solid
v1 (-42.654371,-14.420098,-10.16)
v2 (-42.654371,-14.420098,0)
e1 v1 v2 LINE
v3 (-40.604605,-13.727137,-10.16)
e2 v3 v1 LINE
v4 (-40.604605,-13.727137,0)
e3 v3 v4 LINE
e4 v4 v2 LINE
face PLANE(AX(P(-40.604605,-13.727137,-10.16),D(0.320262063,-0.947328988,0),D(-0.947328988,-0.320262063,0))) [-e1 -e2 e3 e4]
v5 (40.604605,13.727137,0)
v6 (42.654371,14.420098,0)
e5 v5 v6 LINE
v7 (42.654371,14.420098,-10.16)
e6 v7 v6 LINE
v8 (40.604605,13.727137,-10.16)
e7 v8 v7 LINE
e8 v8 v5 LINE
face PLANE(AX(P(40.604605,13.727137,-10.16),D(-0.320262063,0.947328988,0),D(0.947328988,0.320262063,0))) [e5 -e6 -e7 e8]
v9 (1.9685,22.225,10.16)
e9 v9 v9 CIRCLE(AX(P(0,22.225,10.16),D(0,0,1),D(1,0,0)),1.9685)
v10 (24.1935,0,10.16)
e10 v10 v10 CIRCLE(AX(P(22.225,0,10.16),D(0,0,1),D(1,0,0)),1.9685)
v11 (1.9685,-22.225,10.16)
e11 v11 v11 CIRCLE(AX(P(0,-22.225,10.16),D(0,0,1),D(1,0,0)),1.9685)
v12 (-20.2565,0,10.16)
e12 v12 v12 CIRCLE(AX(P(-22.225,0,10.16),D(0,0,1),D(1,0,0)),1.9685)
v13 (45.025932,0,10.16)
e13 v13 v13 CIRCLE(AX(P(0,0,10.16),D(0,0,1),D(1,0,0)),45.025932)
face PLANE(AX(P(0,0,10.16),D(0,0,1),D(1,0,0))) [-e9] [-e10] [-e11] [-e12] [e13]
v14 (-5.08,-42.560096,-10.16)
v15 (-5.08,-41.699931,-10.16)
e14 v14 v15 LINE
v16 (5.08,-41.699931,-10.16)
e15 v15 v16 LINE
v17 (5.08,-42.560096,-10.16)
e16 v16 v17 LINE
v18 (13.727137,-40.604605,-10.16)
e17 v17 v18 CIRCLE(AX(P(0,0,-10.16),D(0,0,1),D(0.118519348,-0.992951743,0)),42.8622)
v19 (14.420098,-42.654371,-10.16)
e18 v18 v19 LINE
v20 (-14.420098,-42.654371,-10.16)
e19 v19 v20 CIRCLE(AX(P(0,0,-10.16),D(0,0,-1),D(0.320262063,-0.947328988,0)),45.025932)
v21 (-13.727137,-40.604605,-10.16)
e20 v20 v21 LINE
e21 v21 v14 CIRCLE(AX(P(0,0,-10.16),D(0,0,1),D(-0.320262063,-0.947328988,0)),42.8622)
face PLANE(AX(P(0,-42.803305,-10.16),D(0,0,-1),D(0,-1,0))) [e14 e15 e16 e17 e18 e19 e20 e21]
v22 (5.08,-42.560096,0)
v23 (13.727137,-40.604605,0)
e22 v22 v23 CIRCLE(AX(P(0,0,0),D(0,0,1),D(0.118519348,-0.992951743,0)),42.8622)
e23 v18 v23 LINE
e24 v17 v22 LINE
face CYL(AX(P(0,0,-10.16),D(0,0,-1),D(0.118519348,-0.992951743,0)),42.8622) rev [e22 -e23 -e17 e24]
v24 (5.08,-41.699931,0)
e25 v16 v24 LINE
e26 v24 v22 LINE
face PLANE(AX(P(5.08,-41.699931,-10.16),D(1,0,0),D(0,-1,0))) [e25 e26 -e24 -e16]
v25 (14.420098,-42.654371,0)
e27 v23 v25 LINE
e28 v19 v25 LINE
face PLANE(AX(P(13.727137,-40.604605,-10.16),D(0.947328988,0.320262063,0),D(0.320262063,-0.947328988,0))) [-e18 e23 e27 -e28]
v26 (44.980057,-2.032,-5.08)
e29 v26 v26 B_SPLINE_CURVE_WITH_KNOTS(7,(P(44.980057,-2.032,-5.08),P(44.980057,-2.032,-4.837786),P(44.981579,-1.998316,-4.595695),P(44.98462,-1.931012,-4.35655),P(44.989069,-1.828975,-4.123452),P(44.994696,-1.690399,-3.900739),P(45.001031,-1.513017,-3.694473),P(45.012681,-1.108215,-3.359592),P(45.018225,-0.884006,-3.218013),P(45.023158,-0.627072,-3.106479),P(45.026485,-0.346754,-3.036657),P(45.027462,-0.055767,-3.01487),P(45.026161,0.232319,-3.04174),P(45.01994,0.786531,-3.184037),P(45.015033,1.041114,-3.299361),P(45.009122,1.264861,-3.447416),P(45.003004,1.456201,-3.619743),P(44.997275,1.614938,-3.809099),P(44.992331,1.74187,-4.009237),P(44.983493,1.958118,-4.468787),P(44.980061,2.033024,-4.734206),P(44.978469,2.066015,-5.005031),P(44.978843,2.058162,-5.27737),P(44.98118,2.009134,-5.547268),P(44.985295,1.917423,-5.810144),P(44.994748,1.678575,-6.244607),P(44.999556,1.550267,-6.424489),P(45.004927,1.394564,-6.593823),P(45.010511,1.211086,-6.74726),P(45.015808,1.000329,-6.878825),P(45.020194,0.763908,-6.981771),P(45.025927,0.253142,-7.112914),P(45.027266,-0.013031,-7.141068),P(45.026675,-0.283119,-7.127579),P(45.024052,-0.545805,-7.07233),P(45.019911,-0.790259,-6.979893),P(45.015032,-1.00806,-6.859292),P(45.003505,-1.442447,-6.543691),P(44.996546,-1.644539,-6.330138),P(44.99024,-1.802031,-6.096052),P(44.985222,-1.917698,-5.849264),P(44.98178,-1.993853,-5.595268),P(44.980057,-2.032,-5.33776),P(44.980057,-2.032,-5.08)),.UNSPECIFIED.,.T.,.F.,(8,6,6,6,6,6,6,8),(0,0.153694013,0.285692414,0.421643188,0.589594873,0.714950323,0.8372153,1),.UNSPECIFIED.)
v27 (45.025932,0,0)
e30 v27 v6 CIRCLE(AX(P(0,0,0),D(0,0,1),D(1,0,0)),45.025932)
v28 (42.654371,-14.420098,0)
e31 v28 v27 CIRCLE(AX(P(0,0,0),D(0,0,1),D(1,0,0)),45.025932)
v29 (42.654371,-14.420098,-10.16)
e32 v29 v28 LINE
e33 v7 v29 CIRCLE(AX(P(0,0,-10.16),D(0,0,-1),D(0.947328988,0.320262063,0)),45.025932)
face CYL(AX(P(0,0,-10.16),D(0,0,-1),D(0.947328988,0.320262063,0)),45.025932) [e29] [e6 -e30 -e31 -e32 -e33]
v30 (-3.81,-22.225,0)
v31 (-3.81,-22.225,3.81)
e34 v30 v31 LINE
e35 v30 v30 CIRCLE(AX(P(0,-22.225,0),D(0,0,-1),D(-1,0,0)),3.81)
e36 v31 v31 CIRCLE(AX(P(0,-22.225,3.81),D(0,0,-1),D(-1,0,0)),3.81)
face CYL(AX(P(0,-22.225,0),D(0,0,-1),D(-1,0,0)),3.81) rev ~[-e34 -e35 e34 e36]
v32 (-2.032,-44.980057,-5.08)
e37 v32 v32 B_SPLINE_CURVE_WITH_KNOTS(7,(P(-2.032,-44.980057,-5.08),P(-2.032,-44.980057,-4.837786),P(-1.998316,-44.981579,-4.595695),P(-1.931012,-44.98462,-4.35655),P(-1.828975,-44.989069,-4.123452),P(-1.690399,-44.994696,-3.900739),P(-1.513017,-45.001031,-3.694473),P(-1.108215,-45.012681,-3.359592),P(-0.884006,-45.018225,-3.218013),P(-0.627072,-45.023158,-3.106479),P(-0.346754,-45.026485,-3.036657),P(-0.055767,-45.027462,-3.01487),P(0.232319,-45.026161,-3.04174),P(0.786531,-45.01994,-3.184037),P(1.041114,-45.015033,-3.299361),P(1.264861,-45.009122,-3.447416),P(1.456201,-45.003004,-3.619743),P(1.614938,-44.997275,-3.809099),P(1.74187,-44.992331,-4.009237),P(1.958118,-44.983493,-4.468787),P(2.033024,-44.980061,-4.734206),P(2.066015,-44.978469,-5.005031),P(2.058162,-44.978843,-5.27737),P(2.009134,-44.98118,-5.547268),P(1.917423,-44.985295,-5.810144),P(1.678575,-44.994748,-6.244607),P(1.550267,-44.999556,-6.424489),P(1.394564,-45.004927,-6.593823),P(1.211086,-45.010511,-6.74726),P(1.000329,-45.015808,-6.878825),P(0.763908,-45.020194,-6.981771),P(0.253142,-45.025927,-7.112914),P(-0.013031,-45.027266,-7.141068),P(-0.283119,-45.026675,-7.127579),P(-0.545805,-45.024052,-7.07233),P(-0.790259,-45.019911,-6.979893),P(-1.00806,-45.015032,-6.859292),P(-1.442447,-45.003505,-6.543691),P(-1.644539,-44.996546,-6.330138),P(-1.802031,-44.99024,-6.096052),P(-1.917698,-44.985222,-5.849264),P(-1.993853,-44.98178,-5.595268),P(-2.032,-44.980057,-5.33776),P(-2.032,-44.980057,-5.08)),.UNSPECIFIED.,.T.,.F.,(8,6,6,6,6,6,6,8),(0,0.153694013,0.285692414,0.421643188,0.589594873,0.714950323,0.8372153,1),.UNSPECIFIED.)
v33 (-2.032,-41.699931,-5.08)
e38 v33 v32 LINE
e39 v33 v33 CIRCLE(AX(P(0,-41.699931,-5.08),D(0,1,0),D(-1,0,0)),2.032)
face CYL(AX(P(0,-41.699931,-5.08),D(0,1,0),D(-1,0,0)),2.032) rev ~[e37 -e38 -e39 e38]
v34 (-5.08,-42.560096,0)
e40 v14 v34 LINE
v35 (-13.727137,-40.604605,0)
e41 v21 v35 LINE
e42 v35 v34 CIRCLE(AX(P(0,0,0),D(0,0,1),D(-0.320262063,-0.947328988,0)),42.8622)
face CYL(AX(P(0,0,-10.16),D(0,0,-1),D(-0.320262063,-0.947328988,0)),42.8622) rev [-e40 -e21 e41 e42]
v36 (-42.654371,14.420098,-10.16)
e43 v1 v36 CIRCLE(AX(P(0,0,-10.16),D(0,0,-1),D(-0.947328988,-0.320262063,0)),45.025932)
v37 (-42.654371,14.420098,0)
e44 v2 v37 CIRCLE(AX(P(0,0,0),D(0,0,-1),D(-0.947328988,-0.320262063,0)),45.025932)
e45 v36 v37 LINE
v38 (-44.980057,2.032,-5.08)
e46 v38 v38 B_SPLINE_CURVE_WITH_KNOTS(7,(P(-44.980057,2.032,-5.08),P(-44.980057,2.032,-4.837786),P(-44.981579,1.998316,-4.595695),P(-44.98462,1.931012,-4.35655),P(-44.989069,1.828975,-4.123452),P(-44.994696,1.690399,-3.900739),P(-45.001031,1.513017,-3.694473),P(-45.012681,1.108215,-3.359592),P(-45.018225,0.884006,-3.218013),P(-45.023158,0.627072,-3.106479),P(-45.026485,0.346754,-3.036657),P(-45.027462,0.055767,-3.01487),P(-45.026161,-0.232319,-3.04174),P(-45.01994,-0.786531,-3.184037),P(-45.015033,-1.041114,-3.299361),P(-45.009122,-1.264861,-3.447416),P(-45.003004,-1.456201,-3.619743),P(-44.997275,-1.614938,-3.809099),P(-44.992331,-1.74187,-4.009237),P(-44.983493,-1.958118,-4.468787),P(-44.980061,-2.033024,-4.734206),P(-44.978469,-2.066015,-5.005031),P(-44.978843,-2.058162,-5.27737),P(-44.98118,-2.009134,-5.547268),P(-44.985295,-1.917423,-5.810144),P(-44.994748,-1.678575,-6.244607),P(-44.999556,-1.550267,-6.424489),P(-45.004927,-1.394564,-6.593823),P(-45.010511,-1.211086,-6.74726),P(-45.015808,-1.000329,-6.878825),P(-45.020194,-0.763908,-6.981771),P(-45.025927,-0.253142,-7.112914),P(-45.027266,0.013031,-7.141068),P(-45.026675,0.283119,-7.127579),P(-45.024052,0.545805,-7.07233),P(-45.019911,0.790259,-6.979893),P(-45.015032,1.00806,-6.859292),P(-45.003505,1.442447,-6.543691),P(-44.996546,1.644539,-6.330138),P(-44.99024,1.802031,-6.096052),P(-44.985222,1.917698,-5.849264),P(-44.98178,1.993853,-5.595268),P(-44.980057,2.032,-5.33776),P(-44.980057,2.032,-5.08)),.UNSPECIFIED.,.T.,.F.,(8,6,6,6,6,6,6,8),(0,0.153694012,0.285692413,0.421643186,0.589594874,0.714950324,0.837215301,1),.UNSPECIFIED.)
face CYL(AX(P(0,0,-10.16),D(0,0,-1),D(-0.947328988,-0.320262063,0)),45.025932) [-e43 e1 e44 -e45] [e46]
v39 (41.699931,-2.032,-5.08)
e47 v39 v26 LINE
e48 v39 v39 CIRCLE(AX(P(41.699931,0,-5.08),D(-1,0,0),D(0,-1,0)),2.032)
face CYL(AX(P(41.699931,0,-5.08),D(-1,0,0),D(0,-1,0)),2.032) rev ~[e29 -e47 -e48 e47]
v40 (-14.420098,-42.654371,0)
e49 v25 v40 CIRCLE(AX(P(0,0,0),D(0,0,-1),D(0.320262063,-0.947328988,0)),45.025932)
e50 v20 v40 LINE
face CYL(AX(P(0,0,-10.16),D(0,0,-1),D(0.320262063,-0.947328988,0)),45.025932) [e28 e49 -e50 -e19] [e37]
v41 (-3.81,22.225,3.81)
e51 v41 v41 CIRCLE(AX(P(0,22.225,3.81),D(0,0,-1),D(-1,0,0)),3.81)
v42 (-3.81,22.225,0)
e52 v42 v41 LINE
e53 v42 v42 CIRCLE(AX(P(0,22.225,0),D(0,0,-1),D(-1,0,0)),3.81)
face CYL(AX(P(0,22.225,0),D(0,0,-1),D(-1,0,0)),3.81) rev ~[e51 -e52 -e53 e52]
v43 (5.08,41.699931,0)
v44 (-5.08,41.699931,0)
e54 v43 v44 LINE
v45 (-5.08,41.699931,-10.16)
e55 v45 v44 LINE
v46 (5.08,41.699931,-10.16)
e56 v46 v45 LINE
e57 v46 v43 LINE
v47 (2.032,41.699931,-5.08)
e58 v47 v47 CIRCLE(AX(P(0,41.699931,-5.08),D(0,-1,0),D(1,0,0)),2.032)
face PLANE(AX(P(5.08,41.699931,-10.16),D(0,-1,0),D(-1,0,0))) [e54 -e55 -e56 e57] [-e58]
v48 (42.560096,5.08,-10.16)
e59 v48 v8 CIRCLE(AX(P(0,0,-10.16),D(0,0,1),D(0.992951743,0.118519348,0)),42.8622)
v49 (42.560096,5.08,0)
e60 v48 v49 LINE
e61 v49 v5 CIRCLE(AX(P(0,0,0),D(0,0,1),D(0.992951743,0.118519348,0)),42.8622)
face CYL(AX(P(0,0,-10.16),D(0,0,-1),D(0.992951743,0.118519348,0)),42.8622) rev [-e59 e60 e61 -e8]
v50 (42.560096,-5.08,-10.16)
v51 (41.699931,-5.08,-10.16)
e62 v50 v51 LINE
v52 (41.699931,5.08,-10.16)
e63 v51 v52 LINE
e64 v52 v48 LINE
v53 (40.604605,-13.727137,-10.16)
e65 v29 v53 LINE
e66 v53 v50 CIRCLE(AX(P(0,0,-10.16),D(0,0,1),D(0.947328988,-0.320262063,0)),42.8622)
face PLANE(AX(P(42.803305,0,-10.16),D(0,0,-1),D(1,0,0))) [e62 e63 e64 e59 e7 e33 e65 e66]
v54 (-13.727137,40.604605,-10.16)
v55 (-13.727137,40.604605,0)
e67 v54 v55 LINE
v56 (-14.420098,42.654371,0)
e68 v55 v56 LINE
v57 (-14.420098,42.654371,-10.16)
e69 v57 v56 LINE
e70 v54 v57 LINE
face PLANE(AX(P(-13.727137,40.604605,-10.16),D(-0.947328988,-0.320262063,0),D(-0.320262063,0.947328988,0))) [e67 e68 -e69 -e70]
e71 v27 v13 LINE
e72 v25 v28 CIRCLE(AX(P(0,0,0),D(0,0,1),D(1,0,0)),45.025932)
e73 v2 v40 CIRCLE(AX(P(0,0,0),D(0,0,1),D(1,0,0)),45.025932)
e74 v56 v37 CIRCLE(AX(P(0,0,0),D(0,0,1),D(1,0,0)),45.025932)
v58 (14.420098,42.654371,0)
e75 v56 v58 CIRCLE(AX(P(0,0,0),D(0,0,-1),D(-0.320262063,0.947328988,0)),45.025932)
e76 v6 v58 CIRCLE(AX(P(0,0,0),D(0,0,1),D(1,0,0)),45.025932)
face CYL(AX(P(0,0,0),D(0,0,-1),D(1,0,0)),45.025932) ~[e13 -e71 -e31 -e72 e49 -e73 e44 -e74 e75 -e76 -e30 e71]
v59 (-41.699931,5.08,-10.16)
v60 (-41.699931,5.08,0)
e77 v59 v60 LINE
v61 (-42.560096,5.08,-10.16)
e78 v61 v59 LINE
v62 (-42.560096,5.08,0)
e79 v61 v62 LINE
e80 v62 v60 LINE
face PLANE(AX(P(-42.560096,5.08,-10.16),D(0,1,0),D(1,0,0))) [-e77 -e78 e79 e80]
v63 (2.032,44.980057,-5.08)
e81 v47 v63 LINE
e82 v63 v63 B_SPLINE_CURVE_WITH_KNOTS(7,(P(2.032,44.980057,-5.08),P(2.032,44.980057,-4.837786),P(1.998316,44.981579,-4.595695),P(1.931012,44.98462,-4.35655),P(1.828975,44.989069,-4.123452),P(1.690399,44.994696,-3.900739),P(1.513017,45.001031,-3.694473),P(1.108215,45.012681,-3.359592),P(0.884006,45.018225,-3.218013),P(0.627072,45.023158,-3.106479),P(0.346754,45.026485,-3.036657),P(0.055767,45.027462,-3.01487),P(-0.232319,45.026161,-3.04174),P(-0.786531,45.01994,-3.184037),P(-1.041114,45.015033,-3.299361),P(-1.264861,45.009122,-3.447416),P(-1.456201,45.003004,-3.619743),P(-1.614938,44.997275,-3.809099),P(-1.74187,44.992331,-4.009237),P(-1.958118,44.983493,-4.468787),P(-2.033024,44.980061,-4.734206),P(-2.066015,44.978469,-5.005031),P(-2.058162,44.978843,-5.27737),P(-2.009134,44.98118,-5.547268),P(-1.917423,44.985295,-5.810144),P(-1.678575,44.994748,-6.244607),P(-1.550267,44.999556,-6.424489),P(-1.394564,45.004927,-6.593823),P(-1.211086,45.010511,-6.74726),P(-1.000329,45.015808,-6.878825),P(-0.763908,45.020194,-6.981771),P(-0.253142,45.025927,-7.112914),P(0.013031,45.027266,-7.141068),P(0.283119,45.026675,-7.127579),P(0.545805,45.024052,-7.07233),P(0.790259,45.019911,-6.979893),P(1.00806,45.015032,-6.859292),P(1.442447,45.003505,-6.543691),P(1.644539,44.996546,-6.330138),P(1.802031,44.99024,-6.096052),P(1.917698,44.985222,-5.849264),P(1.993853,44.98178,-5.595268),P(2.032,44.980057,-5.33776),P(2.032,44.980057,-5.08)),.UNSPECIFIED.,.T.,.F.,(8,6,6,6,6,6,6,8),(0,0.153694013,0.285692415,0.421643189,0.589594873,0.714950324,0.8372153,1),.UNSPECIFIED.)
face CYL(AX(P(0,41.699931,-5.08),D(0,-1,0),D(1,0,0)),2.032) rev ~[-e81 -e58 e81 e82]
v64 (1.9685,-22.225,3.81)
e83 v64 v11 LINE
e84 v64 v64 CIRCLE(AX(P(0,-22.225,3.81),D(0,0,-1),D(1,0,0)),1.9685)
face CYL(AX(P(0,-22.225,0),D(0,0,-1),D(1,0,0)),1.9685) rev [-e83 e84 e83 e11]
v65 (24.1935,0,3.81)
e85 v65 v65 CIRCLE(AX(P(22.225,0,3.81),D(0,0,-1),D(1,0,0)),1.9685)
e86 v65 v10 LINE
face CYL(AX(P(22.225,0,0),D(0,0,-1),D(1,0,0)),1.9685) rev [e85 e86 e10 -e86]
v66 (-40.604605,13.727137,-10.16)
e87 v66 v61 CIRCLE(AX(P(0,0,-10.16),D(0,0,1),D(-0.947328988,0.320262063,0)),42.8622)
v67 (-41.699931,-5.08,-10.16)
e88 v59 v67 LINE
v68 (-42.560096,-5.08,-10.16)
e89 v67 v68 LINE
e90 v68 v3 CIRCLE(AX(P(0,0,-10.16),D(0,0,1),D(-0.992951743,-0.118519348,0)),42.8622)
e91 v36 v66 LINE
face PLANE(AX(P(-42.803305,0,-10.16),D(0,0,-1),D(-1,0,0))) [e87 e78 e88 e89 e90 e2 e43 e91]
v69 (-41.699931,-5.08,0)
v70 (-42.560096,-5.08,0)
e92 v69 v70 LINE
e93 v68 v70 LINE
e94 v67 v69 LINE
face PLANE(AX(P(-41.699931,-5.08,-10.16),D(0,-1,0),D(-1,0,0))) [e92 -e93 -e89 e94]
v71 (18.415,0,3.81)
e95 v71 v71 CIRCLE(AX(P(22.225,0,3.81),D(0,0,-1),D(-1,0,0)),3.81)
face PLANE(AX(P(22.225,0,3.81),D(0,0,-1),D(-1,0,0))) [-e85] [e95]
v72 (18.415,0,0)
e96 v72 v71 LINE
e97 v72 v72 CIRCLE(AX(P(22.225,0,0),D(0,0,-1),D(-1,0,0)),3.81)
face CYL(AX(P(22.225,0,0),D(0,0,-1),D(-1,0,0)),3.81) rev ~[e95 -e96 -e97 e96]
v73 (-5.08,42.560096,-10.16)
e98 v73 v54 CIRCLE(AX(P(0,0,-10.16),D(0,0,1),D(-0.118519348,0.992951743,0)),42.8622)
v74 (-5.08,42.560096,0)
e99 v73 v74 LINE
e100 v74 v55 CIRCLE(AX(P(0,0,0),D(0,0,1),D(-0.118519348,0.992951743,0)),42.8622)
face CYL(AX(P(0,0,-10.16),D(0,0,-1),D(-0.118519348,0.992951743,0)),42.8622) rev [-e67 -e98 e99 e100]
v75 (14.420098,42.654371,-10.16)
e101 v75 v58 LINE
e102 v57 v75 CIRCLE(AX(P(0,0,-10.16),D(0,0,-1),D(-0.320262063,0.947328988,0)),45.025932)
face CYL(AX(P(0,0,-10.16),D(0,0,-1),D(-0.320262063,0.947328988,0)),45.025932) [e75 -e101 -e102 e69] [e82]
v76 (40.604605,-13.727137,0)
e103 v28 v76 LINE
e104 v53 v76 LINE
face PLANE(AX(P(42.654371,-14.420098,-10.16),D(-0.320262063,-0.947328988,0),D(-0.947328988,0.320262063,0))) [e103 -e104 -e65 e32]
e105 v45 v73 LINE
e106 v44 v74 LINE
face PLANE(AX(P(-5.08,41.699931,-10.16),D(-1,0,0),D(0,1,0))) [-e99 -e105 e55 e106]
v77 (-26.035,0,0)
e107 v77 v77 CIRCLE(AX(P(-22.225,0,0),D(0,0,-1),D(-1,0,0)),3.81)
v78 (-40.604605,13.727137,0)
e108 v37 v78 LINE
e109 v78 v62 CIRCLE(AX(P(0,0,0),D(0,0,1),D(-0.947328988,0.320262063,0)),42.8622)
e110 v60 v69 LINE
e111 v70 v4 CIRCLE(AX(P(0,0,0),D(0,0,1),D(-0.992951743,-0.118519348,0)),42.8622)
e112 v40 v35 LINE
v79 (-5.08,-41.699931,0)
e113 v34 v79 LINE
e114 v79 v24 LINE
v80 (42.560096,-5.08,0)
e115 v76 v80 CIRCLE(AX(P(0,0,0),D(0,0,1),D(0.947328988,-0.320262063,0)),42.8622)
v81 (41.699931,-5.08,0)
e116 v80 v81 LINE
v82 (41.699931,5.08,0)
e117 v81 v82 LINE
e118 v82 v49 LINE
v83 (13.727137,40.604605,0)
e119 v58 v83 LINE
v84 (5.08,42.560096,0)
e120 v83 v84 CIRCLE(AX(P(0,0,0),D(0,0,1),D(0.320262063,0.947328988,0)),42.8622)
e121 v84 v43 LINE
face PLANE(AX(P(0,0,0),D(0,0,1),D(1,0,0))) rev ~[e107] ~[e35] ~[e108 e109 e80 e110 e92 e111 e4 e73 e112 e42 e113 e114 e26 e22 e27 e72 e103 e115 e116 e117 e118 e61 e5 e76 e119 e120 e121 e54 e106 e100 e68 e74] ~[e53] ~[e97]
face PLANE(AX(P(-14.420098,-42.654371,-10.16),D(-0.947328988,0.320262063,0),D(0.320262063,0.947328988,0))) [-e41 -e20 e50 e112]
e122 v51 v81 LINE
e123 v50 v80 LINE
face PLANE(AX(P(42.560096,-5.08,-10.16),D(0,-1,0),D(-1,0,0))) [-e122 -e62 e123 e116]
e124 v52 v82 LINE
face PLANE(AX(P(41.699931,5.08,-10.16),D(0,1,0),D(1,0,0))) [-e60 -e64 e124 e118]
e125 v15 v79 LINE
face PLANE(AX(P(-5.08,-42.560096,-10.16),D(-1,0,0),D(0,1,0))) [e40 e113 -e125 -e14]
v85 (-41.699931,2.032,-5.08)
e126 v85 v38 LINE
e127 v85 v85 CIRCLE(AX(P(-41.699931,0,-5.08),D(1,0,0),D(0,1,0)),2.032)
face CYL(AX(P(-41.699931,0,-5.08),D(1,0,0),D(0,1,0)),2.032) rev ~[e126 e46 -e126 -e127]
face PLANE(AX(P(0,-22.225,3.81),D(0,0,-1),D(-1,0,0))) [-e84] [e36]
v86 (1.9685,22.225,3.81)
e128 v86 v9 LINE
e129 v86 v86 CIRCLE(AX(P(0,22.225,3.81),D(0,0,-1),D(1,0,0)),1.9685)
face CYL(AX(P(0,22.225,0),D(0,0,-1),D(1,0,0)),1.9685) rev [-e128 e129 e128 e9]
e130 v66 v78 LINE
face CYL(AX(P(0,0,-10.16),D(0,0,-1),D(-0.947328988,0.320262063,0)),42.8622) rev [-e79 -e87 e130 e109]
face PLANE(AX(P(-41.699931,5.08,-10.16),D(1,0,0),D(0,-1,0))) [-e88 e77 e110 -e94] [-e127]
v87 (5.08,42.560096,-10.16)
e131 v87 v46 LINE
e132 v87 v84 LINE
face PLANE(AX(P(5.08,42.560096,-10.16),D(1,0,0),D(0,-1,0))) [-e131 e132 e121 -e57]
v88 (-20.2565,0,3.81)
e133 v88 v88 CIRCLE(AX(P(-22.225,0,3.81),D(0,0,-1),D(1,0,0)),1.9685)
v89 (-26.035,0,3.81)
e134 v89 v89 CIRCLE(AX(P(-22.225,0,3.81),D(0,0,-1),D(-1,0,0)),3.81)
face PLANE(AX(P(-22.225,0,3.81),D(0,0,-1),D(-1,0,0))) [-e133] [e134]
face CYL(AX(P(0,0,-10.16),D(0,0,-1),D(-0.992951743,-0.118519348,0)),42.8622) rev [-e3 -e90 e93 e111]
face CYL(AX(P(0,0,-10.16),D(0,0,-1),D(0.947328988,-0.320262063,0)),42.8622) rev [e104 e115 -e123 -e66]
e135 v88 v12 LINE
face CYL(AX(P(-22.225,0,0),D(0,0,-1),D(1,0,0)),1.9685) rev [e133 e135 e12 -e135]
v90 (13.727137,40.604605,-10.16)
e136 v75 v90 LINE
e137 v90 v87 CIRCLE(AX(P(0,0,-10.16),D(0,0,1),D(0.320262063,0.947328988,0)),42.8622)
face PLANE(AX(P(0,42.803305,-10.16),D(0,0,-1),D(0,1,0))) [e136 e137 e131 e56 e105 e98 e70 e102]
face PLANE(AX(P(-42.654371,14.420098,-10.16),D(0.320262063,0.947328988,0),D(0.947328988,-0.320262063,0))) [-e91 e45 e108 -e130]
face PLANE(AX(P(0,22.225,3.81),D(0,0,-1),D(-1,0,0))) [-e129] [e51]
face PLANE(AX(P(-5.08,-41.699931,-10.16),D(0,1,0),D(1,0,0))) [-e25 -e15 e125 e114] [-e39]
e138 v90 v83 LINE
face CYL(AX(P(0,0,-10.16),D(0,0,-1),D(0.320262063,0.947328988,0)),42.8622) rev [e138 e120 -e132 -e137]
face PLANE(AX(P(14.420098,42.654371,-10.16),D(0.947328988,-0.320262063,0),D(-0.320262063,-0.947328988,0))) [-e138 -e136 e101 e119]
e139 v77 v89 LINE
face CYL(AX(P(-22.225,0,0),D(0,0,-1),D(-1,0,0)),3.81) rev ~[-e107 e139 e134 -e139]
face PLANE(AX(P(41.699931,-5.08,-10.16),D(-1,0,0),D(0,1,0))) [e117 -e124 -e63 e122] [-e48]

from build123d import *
from build123d.topology import SkipClean

# Parameters (mm, degrees)
SKETCH2_R           = 45.025932087
SKETCH2_R_2         = 1.9685
BOSS_EXTRUDE1_DEPTH = 10.16
SKETCH3_R           = 3.81
CUT_EXTRUDE1_DEPTH  = 3.81
BOSS_EXTRUDE2_START = 10.16
BOSS_EXTRUDE2_DEPTH = 10.16
SKETCH6_R           = 2.032
CUT_EXTRUDE2_DEPTH  = 10.16
CIRPATTERN2_COUNT   = 4


with BuildPart() as part:
    # Sketch2 → Boss-Extrude1 (new body)
    with BuildSketch(Plane.XY):
        Circle(SKETCH2_R)
        with Locations((0, -22.225)):
            Circle(SKETCH2_R_2, mode=Mode.SUBTRACT)
        with Locations((-22.225, 0)):
            Circle(SKETCH2_R_2, mode=Mode.SUBTRACT)
        with Locations((0, 22.225)):
            Circle(SKETCH2_R_2, mode=Mode.SUBTRACT)
        with Locations((22.225, 0)):
            Circle(SKETCH2_R_2, mode=Mode.SUBTRACT)
    extrude(amount=BOSS_EXTRUDE1_DEPTH)

    # Sketch3 → Cut-Extrude1 (cut)
    with BuildSketch(Plane(origin=(0, 0, 0), x_dir=(-1, 0, 0), z_dir=(0, 0, -1))):
        with Locations((0, 22.225)):
            Circle(SKETCH3_R)
        with Locations((22.225, 0)):
            Circle(SKETCH3_R)
        with Locations((0, -22.225)):
            Circle(SKETCH3_R)
        with Locations((-22.225, 0)):
            Circle(SKETCH3_R)
    extrude(amount=-CUT_EXTRUDE1_DEPTH, mode=Mode.SUBTRACT)

    # Sketch5 → Boss-Extrude2 (add)
    with SkipClean():  # the faces are left unmerged after this step: merging them gives an invalid solid
        with BuildSketch(Plane(origin=(0, 0, 0), x_dir=(-1, 0, 0), z_dir=(0, 0, -1)).offset(BOSS_EXTRUDE2_START)):
            with BuildLine():
                Line((41.699931294, 5.08), (41.699931294, -5.08))
                Line((41.699931294, -5.08), (42.560096203, -5.08))
                ThreePointArc((42.560096203, -5.08), (41.806519891, -9.454262714), (40.604604544, -13.727136578))
                Line((40.604604544, -13.727136578), (42.654370672, -14.420097879))
                ThreePointArc((42.654370672, -14.420097879), (45.025932087, 0), (42.654370672, 14.420097879))
                Line((42.654370672, 14.420097879), (40.604604544, 13.727136578))
                ThreePointArc((40.604604544, 13.727136578), (41.806519891, 9.454262714), (42.560096203, 5.08))
                Line((42.560096203, 5.08), (41.699931294, 5.08))
            make_face()
        boss_extrude2 = extrude(amount=-BOSS_EXTRUDE2_DEPTH)

    # Sketch6 → Cut-Extrude2 (cut)
    with SkipClean():  # the faces are left unmerged after this step: merging them gives an invalid solid
        with BuildSketch(Plane(origin=(-41.699931294, 0, 0), x_dir=(0, 0, -1), z_dir=(1, 0, 0))):
            with Locations(Location((5.08, 0, 0), (0, 0, 90))):
                Circle(SKETCH6_R)
        cut_extrude2 = extrude(amount=-CUT_EXTRUDE2_DEPTH, mode=Mode.SUBTRACT)

    # CirPattern2: Boss-Extrude2, Cut-Extrude2 ×4 about axis
    with SkipClean():  # the faces are left unmerged after this step: merging them gives an invalid solid
        cirpattern2_axis = Axis((0, 0, 0), (0, 0, 1))
        add([boss_extrude2.rotate(cirpattern2_axis, i * 360 / CIRPATTERN2_COUNT) for i in range(1, CIRPATTERN2_COUNT)])
        add([cut_extrude2.rotate(cirpattern2_axis, i * 360 / CIRPATTERN2_COUNT) for i in range(1, CIRPATTERN2_COUNT)], mode=Mode.SUBTRACT)


solid = part.part
